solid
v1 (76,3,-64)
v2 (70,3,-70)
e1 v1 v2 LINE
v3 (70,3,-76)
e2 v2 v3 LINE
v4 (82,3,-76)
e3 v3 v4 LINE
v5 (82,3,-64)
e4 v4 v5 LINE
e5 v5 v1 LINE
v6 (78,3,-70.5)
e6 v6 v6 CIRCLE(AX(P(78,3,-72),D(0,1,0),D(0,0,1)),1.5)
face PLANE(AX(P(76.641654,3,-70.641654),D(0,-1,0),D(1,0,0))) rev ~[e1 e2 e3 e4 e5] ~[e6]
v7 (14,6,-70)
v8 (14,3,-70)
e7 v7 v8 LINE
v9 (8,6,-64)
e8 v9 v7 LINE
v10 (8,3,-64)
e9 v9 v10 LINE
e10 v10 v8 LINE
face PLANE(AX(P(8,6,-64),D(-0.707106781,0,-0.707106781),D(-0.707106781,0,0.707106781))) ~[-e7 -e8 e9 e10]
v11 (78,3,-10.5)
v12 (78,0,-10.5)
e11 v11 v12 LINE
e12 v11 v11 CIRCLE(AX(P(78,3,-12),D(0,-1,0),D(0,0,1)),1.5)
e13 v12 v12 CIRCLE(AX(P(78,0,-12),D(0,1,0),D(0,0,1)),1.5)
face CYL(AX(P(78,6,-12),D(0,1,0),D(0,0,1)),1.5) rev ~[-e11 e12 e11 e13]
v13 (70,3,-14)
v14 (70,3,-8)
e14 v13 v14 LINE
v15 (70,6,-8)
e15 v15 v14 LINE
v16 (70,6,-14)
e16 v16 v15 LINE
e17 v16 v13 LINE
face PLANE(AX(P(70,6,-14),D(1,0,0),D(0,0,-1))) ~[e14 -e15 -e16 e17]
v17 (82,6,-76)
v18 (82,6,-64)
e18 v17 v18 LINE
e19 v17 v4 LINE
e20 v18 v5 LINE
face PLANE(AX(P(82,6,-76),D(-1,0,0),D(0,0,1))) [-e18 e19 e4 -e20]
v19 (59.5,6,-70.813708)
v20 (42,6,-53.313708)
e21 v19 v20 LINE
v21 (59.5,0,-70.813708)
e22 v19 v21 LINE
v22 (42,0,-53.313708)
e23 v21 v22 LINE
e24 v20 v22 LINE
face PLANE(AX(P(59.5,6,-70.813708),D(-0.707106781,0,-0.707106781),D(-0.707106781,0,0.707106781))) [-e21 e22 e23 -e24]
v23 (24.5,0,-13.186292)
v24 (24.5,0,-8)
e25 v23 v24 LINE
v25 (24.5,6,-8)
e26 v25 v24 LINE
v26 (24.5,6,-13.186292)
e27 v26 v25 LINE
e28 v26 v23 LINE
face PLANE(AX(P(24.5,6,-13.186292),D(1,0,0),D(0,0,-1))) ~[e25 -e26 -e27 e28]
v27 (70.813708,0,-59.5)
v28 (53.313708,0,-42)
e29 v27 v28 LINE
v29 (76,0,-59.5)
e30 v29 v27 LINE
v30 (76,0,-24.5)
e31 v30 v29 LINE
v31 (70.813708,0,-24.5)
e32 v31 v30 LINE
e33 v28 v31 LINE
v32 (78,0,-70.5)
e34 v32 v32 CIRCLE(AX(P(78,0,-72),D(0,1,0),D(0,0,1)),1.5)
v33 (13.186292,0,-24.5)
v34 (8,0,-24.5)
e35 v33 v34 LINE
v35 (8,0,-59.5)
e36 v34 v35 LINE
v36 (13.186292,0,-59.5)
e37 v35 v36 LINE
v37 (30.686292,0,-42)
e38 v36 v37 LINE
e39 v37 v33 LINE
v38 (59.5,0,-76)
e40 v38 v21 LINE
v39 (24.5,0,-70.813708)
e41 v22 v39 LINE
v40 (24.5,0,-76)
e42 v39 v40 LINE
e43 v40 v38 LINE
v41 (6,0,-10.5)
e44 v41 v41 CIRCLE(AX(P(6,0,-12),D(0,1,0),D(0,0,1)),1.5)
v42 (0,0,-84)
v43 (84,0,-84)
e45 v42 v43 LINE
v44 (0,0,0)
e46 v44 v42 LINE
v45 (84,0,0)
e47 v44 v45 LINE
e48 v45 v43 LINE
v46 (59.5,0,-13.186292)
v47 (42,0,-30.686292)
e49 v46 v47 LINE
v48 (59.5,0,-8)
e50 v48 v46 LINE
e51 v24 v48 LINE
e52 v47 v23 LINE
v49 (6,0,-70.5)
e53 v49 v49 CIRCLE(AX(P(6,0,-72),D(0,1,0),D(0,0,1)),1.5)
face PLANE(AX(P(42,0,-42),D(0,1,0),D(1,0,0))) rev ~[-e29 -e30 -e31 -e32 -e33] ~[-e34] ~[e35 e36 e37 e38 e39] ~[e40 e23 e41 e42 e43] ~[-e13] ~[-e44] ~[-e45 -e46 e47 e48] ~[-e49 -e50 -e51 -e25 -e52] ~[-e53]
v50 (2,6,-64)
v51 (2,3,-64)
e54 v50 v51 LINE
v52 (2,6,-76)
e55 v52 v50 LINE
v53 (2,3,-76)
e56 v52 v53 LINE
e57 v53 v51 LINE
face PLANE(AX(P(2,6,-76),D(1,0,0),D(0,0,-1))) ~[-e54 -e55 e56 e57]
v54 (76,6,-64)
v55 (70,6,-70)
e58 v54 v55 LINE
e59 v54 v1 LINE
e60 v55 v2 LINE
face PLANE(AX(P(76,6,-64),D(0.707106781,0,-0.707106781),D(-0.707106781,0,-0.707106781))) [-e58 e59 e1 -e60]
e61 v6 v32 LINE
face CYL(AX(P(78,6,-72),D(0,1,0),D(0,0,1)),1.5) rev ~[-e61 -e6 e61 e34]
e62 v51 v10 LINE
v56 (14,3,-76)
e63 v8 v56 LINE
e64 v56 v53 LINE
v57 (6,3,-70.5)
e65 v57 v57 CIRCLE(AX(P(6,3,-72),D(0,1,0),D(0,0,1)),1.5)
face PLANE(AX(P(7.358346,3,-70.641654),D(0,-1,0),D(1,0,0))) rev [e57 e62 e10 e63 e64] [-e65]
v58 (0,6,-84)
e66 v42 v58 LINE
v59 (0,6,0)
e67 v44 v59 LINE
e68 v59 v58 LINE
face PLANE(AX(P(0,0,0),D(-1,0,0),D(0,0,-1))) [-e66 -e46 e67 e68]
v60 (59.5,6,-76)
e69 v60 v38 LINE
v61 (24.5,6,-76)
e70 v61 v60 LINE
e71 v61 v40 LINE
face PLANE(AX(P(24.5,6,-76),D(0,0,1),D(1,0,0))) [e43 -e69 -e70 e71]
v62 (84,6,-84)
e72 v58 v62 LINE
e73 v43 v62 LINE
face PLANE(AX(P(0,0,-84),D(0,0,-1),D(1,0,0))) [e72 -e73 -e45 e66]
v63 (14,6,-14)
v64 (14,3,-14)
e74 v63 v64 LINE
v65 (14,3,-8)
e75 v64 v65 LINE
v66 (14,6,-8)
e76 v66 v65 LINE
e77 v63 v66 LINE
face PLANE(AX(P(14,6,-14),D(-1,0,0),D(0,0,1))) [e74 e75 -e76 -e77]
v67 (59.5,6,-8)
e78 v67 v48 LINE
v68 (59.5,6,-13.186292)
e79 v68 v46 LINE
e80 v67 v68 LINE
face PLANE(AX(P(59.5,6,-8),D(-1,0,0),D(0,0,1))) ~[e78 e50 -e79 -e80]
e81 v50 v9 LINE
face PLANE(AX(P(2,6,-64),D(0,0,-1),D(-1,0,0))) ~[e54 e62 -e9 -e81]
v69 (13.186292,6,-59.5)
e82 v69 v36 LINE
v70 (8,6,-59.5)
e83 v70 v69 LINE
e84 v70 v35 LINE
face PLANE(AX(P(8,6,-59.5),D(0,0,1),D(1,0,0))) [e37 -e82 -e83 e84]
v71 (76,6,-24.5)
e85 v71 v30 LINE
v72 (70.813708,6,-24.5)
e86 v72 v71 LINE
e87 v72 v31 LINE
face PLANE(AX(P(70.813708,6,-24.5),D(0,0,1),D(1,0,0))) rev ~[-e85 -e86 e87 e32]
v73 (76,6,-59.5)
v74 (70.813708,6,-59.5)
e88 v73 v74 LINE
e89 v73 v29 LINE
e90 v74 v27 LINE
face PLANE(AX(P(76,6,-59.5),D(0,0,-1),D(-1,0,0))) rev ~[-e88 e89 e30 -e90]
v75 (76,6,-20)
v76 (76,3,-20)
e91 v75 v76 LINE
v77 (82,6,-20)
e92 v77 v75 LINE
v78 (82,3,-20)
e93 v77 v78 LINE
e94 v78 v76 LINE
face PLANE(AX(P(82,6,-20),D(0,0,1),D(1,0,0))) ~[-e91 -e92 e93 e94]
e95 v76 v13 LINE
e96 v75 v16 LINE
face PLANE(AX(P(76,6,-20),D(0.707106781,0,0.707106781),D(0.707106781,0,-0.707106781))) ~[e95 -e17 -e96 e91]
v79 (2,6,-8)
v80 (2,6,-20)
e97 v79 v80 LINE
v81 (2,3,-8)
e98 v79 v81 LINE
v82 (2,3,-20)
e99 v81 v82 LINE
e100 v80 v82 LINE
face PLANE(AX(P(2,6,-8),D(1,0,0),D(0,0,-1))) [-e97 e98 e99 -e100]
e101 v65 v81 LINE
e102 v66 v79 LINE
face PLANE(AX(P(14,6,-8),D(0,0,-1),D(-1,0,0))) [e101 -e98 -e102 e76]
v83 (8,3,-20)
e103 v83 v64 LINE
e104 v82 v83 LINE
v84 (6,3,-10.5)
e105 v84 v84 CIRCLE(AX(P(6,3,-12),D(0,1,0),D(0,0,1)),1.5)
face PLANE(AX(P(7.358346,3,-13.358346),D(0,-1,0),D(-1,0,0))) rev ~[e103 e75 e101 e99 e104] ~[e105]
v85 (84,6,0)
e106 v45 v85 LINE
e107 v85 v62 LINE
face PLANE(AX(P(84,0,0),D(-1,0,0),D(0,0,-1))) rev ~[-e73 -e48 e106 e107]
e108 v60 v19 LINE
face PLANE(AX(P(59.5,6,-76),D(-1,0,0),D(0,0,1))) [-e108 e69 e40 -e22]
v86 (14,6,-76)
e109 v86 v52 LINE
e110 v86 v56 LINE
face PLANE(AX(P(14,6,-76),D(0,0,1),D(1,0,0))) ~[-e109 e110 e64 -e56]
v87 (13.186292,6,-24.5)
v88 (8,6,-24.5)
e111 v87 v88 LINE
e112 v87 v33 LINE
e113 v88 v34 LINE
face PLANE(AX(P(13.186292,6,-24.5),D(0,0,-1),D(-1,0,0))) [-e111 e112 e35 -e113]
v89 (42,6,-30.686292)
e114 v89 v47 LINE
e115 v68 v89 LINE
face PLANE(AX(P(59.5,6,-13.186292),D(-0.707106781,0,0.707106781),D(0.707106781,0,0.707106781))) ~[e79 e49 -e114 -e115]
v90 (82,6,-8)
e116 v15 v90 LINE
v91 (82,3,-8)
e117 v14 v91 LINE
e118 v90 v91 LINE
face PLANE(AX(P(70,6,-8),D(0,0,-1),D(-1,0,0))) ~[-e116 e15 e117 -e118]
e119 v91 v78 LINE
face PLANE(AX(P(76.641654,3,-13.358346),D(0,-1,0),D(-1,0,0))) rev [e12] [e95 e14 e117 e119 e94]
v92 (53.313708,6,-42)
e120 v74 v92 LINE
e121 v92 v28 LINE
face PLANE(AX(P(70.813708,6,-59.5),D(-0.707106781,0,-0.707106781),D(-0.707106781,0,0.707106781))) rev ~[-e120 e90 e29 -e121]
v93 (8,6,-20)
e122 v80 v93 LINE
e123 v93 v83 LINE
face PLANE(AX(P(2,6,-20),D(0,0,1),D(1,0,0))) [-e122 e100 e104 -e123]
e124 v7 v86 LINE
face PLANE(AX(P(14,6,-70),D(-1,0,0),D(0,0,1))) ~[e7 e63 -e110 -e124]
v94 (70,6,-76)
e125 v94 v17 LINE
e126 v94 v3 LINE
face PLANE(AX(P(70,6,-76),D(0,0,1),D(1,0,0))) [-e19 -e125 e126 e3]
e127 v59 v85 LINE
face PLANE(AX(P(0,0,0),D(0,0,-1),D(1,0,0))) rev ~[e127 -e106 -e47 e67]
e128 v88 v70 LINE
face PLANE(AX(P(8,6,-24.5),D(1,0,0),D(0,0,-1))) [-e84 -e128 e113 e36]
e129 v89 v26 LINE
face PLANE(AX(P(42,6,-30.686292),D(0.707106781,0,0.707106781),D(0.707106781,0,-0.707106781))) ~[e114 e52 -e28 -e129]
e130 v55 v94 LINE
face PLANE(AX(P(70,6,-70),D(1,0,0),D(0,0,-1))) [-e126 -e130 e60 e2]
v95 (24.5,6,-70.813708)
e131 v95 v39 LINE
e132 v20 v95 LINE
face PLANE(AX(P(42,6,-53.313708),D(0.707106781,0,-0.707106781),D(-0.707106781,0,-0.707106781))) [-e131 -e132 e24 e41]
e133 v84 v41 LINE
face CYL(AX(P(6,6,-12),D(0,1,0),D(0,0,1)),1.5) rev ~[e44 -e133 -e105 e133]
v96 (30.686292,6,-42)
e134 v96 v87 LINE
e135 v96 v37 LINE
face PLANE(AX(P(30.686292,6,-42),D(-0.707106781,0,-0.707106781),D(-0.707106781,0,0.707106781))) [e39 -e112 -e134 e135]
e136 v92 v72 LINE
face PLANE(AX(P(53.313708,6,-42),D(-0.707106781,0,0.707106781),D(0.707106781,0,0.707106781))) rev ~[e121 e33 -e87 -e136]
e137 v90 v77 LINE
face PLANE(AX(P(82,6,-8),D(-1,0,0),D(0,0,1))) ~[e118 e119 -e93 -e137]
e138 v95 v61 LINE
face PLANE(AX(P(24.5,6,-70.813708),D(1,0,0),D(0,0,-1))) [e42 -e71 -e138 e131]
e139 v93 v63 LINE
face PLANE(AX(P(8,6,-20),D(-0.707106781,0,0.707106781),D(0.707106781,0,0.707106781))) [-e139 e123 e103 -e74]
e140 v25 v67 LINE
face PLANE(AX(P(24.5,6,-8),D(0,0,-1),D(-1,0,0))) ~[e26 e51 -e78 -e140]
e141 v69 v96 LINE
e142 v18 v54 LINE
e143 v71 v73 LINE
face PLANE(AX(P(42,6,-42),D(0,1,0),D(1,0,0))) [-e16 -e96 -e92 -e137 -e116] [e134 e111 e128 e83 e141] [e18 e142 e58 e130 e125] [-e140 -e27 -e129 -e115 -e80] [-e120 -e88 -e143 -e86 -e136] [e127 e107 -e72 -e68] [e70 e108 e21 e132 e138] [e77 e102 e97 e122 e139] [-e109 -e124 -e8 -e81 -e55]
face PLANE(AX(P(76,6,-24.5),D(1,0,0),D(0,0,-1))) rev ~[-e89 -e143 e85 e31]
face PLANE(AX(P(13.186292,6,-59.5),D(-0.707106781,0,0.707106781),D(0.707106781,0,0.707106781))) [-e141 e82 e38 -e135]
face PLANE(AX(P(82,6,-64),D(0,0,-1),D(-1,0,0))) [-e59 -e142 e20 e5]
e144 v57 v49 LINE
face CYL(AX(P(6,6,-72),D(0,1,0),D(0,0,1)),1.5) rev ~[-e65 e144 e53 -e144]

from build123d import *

# Parameters (mm, degrees)
SKETCH1_W                = 84
SKETCH1_H                = 84
BOSS_EXTRUDE1_DEPTH      = 6
SKETCH2_R                = 1.5
CUT_EXTRUDE1_DEPTH       = 119.94536561
CUT_EXTRUDE2_DEPTH       = 119.94536561
CIRPATTERN1_COUNT        = 3
CIRPATTERN1_ANGLE        = 180
CIRPATTERN1_COPY_1_DEPTH = 119.94536561
CIRPATTERN1_COPY_2_DEPTH = 119.94536561
SKETCH4_R                = 1.5
CUT_EXTRUDE4_DEPTH       = 3
MIRROR3_COPY_1_SKETCH_R  = 1.5
MIRROR3_COPY_1_DEPTH     = 3


with BuildPart() as part:
    # Sketch1 → Boss-Extrude1 (new body)
    with BuildSketch(Plane(origin=(0, 0, 0), x_dir=(1, 0, 0), z_dir=(0, 1, 0))):
        with Locations((42, 42)):
            Rectangle(SKETCH1_W, SKETCH1_H)
    extrude(amount=BOSS_EXTRUDE1_DEPTH)

    # Sketch2 → Cut-Extrude1 (cut, through all)
    with BuildSketch(Plane(origin=(0, 6, 0), x_dir=(1, 0, 0), z_dir=(0, 1, 0))):
        with Locations(Location((6, 72, 0), (0, 0, 270))):
            Circle(SKETCH2_R)
        with Locations(Location((6, 12, 0), (0, 0, 270))):
            Circle(SKETCH2_R)
        with Locations(Location((78, 12, 0), (0, 0, 270))):
            Circle(SKETCH2_R)
        with Locations(Location((78, 72, 0), (0, 0, 270))):
            Circle(SKETCH2_R)
    extrude(amount=-CUT_EXTRUDE1_DEPTH, mode=Mode.SUBTRACT)

    # Sketch3 → Cut-Extrude2 (cut, through all)
    with BuildSketch(Plane(origin=(0, 6, 0), x_dir=(1, 0, 0), z_dir=(0, 1, 0))):
        Polygon((24.5, 76), (59.5, 76), (59.5, 70.813708499), (42, 53.313708499), (24.5, 70.813708499), align=None)
    cut_extrude2 = extrude(amount=-CUT_EXTRUDE2_DEPTH, mode=Mode.SUBTRACT)

    # Mirror1: Cut-Extrude2 across plane
    add(cut_extrude2.mirror(Plane.XY.offset(-42)), mode=Mode.SUBTRACT)

    # CirPattern1: Cut-Extrude2 ×3 about axis
    cirpattern1_axis = Axis((42, 0, -42), (0, 1, 0))
    for i in range(1, CIRPATTERN1_COUNT):
        add(cut_extrude2.rotate(cirpattern1_axis, i * CIRPATTERN1_ANGLE / (CIRPATTERN1_COUNT - 1)), mode=Mode.SUBTRACT)

    # CirPattern1 copy 1 sketch → CirPattern1 copy 1 (cut, through all)
    with BuildSketch(Plane(origin=(0, 6, 0), x_dir=(0, 0, -1), z_dir=(0, 1, 0))):
        Polygon((24.5, -76), (59.5, -76), (59.5, -70.813708499), (42, -53.313708499), (24.5, -70.813708499), align=None)
    extrude(amount=-CIRPATTERN1_COPY_1_DEPTH, mode=Mode.SUBTRACT)

    # CirPattern1 copy 2 sketch → CirPattern1 copy 2 (cut, through all)
    with BuildSketch(Plane(origin=(84, 6, 0), x_dir=(-1, 0, 0), z_dir=(0, 1, 0))):
        Polygon((24.5, -76), (59.5, -76), (59.5, -70.813708499), (42, -53.313708499), (24.5, -70.813708499), align=None)
    extrude(amount=-CIRPATTERN1_COPY_2_DEPTH, mode=Mode.SUBTRACT)

    # Sketch4 → Cut-Extrude4 (cut)
    with BuildSketch(Plane(origin=(0, 6, 0), x_dir=(1, 0, 0), z_dir=(0, 1, 0))):
        Polygon((14, 14), (14, 8), (2, 8), (2, 20), (8, 20), align=None)
        with Locations(Location((6, 12, 0), (0, 0, 270))):
            Circle(SKETCH4_R, mode=Mode.SUBTRACT)
    cut_extrude4 = extrude(amount=-CUT_EXTRUDE4_DEPTH, mode=Mode.SUBTRACT)

    # Mirror2: Cut-Extrude4 across plane
    add(cut_extrude4.mirror(Plane.XY.offset(-42)), mode=Mode.SUBTRACT)

    # Mirror3: Cut-Extrude4 across plane
    add(cut_extrude4.mirror(Plane.ZY.offset(-42)), mode=Mode.SUBTRACT)

    # Mirror3 copy 1 sketch → Mirror3 copy 1 (cut)
    with BuildSketch(Plane(origin=(84, 6, -84), x_dir=(-1, 0, 0), z_dir=(0, 1, 0))):
        Polygon((14, 14), (14, 8), (2, 8), (2, 20), (8, 20), align=None)
        with Locations(Location((6, 12, 0), (0, 0, 270))):
            Circle(MIRROR3_COPY_1_SKETCH_R, mode=Mode.SUBTRACT)
    extrude(amount=-MIRROR3_COPY_1_DEPTH, mode=Mode.SUBTRACT)


solid = part.part
